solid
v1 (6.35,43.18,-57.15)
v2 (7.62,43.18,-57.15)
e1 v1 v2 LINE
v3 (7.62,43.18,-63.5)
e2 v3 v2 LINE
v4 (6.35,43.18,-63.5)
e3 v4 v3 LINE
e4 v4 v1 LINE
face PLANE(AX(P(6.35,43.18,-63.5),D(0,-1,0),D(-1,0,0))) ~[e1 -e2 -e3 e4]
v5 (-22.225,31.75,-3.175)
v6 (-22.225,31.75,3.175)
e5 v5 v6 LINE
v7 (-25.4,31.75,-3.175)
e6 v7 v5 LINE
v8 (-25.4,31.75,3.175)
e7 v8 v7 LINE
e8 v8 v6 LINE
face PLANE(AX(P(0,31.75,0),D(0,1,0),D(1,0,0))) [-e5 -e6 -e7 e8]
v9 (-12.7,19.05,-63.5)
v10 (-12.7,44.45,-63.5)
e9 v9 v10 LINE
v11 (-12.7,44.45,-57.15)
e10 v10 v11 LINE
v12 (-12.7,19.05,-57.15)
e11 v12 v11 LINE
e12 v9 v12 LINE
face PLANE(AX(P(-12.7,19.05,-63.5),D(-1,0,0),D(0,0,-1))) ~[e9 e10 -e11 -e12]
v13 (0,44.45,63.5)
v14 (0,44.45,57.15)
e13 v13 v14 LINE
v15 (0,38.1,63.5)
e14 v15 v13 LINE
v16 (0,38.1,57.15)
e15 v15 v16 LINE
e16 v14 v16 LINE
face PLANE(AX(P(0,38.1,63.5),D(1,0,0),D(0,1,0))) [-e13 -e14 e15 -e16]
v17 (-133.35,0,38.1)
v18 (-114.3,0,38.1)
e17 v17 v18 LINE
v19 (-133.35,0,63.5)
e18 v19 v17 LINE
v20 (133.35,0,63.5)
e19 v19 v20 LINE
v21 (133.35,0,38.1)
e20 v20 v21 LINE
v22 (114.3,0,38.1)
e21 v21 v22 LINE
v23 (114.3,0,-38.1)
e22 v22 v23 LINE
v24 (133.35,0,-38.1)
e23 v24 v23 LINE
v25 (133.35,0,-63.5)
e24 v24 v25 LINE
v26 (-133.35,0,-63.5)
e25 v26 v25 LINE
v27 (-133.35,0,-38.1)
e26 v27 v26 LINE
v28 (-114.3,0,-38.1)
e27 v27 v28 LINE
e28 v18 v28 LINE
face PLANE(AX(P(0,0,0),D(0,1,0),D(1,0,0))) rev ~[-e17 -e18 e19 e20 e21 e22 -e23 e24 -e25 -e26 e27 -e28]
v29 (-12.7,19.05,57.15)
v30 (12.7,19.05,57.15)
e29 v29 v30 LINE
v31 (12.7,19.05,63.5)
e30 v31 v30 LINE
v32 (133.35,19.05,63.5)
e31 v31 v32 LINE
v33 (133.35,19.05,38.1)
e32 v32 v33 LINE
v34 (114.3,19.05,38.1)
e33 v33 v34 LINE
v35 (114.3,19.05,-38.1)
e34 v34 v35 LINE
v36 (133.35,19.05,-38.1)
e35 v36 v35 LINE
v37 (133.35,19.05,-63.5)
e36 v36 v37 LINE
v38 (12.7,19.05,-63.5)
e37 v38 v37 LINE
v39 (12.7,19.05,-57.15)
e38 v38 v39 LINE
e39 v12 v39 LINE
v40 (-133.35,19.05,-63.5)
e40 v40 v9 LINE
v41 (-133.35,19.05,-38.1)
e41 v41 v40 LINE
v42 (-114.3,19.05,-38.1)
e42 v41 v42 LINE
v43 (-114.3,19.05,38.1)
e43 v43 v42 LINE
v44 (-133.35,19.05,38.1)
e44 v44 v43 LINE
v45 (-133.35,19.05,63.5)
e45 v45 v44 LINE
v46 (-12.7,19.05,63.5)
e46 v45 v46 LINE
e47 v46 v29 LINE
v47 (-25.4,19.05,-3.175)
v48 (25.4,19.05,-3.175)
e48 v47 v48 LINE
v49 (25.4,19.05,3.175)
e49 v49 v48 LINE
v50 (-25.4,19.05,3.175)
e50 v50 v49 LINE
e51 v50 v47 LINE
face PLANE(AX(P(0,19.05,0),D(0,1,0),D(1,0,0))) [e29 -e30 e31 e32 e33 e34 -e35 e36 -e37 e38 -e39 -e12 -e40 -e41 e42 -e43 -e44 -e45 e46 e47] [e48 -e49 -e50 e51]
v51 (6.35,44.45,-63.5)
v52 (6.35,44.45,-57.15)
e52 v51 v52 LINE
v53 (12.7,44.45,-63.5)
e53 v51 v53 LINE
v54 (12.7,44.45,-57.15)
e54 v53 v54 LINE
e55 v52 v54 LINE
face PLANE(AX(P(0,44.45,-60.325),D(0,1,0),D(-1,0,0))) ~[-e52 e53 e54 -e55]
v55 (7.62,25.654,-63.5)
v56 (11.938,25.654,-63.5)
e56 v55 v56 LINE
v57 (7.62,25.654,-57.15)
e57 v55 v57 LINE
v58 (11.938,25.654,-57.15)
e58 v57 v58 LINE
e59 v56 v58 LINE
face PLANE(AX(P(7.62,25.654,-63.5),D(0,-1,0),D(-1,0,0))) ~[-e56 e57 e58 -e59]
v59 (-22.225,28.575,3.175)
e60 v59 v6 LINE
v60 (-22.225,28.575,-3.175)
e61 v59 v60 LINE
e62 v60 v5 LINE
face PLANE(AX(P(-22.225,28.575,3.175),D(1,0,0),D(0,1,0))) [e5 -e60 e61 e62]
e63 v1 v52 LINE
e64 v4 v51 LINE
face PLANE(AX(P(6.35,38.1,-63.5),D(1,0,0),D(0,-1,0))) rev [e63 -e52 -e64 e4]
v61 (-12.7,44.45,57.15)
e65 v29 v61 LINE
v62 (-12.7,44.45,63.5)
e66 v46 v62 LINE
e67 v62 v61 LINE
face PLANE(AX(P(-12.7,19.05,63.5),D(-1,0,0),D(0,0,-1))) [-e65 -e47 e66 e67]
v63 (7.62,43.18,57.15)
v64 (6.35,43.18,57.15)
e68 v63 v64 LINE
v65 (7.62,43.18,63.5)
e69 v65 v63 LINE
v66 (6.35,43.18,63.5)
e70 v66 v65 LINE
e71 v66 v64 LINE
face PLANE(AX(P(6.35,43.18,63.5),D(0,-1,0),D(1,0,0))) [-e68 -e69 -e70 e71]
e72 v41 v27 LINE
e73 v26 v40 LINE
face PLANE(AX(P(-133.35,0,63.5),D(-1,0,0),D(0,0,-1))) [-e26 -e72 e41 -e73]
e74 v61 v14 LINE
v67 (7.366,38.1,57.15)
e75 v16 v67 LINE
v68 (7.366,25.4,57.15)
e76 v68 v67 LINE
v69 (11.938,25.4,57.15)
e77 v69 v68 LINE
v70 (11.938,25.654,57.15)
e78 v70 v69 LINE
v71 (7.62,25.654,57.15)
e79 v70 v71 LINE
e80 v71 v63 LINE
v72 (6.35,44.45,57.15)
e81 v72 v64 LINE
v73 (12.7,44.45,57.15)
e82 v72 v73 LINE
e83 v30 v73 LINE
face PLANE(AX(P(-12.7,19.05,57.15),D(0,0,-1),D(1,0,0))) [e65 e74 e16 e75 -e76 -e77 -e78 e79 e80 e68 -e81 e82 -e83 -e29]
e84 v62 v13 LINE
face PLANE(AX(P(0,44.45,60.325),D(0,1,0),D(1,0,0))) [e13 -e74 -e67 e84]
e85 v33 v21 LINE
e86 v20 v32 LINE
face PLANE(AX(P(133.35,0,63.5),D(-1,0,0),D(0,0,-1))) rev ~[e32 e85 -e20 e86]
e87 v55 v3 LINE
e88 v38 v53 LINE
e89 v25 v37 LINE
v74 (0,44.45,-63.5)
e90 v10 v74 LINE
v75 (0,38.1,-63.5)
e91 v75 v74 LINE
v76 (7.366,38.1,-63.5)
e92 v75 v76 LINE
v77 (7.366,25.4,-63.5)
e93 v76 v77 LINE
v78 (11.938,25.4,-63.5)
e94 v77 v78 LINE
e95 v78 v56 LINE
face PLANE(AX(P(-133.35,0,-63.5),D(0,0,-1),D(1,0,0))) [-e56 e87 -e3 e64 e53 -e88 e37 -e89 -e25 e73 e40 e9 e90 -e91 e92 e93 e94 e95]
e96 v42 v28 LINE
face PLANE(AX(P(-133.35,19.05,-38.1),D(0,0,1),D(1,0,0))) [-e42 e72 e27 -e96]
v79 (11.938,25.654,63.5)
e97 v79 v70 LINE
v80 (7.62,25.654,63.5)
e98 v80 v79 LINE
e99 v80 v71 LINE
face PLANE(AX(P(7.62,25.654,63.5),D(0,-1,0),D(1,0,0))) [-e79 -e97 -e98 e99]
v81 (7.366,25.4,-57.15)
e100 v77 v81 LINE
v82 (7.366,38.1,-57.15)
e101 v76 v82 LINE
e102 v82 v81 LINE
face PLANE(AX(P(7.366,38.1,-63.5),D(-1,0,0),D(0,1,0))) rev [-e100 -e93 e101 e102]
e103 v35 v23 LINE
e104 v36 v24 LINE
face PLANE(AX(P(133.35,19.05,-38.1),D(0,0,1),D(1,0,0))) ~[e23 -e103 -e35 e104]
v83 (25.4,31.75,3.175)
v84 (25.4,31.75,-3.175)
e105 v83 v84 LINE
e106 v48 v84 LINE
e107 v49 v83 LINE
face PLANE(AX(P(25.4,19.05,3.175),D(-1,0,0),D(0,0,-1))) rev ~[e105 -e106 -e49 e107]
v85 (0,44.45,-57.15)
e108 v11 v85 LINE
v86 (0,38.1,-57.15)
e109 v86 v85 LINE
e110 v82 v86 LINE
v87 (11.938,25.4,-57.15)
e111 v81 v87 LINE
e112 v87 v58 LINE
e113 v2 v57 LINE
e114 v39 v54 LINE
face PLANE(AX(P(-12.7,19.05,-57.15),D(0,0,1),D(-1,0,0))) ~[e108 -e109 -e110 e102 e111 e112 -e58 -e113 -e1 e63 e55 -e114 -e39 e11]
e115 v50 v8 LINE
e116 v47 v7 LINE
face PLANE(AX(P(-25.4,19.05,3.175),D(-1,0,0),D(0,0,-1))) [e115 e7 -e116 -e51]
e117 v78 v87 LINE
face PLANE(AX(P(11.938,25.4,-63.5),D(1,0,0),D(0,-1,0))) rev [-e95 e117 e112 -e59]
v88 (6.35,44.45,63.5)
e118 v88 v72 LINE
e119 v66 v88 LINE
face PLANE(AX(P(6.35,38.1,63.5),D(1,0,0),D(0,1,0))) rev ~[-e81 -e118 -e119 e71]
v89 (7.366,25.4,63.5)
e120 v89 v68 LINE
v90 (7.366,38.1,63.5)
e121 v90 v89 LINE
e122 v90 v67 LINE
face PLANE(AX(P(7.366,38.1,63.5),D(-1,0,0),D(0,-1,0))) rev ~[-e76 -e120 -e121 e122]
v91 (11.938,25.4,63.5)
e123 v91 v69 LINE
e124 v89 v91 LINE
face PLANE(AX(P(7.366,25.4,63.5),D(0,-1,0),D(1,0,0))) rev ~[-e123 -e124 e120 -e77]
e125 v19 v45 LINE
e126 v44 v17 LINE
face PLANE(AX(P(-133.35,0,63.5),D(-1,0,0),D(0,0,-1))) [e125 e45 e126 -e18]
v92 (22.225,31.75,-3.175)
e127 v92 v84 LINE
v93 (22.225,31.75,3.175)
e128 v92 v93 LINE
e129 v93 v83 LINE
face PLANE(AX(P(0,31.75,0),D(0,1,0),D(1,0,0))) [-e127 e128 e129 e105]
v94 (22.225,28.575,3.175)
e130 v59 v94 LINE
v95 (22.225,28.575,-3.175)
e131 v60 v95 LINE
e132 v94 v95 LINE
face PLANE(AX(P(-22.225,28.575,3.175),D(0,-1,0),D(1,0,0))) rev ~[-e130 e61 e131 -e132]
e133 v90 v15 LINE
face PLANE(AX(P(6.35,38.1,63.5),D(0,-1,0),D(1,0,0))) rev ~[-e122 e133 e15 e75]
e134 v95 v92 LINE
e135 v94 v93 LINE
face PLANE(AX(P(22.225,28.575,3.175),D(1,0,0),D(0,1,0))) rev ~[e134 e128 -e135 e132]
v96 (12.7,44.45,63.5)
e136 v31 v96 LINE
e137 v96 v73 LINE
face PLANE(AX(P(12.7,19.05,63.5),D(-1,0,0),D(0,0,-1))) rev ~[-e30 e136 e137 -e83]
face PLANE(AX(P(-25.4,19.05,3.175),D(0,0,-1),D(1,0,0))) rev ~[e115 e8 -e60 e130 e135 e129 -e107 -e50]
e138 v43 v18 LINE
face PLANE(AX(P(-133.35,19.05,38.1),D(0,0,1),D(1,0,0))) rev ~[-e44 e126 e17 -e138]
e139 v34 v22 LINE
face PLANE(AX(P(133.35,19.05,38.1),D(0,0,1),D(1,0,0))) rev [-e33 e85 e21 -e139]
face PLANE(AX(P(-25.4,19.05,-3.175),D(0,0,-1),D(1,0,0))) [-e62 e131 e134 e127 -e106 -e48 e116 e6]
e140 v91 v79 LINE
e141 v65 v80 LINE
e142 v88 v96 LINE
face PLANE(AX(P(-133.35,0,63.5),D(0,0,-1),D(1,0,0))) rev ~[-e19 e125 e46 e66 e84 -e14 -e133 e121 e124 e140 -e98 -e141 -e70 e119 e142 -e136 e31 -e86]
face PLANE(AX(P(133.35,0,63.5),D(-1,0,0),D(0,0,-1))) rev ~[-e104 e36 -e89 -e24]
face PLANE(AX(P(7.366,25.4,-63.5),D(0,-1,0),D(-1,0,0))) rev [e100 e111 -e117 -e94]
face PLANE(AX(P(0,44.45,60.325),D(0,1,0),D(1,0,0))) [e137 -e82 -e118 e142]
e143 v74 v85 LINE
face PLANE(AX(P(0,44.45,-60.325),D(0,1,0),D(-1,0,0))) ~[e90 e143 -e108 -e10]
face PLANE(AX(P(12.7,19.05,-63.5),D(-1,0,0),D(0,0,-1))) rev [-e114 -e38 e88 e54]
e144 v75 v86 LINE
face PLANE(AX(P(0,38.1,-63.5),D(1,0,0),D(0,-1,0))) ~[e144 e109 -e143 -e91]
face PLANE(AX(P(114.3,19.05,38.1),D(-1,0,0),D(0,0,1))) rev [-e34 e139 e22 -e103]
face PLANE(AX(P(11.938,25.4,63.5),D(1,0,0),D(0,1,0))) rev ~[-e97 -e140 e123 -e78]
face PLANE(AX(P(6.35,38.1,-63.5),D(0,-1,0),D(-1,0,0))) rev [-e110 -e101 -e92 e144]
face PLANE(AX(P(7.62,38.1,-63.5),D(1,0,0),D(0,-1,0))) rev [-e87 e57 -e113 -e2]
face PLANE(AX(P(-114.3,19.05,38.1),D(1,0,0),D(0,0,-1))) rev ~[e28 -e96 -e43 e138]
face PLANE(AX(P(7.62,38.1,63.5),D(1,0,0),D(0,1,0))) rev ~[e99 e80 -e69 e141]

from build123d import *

# Parameters (mm, degrees)
SKETCH1_W           = 266.7
SKETCH1_H           = 127
BOSS_EXTRUDE1_DEPTH = 19.05
SKETCH2_W           = 19.05
SKETCH2_H           = 76.2
CUT_EXTRUDE1_DEPTH  = 149.920700374
SKETCH3_W           = 25.4
SKETCH3_H           = 6.35
BOSS_EXTRUDE2_DEPTH = 25.4
SKETCH5_W           = 6.35
SKETCH5_H           = 6.35
CUT_EXTRUDE2_DEPTH  = 190.438710405
SKETCH6_W           = 1.27
SKETCH6_H           = 5.08
CUT_EXTRUDE3_DEPTH  = 190.438710405
SKETCH7_W           = 0.254
SKETCH7_H           = 12.446
SKETCH7_W_2         = 4.318
SKETCH7_H_2         = 0.254
CUT_EXTRUDE4_DEPTH  = 190.438710405
SKETCH8_W           = 50.8
SKETCH8_H           = 6.35
BOSS_EXTRUDE3_DEPTH = 12.7
CUT_EXTRUDE5_REACH  = 157.575
SKETCH9_W           = 44.45
SKETCH9_H           = 6.35


with BuildPart() as part:
    # Sketch1 → Boss-Extrude1 (new body)
    with BuildSketch(Plane(origin=(0, 0, 0), x_dir=(1, 0, 0), z_dir=(0, 1, 0))):
        Rectangle(SKETCH1_W, SKETCH1_H)
    extrude(amount=BOSS_EXTRUDE1_DEPTH)

    # Sketch2 → Cut-Extrude1 (cut, through all)
    with BuildSketch(Plane(origin=(0, 19.05, 0), x_dir=(1, 0, 0), z_dir=(0, 1, 0))):
        with Locations((-123.825, 0)):
            Rectangle(SKETCH2_W, SKETCH2_H)
    cut_extrude1 = extrude(amount=-CUT_EXTRUDE1_DEPTH, mode=Mode.SUBTRACT)

    # Mirror1: Cut-Extrude1 across plane
    add(cut_extrude1.mirror(Plane(origin=(0, 0, 0), x_dir=(0, 0, 1), z_dir=(1, 0, 0))), mode=Mode.SUBTRACT)

    # Sketch3 → Boss-Extrude2 (add)
    with BuildSketch(Plane(origin=(0, 19.05, 0), x_dir=(1, 0, 0), z_dir=(0, 1, 0))):
        with Locations((0, -60.325)):
            Rectangle(SKETCH3_W, SKETCH3_H)
    boss_extrude2 = extrude(amount=BOSS_EXTRUDE2_DEPTH)

    # Sketch5 → Cut-Extrude2 (cut, through all)
    with BuildSketch(Plane.XY.offset(63.5)):
        with Locations((3.175, 41.275)):
            Rectangle(SKETCH5_W, SKETCH5_H)
    cut_extrude2 = extrude(amount=-CUT_EXTRUDE2_DEPTH, mode=Mode.SUBTRACT)

    # Sketch6 → Cut-Extrude3 (cut, through all)
    with BuildSketch(Plane.XY.offset(63.5)):
        with Locations((6.985, 40.64)):
            Rectangle(SKETCH6_W, SKETCH6_H)
    cut_extrude3 = extrude(amount=-CUT_EXTRUDE3_DEPTH, mode=Mode.SUBTRACT)

    # Sketch7 → Cut-Extrude4 (cut, through all)
    with BuildSketch(Plane.XY.offset(63.5)):
        with Locations((7.493, 31.877)):
            Rectangle(SKETCH7_W, SKETCH7_H)
        with Locations((9.779, 25.527)):
            Rectangle(SKETCH7_W_2, SKETCH7_H_2)
        with Locations((7.493, 25.527)):
            Rectangle(SKETCH7_W, SKETCH7_H_2)
    cut_extrude4 = extrude(amount=-CUT_EXTRUDE4_DEPTH, mode=Mode.SUBTRACT)

    # Mirror2: Boss-Extrude2, Cut-Extrude2, Cut-Extrude3, Cut-Extrude4 across plane
    add(boss_extrude2.mirror(Plane.XY))
    add(cut_extrude2.mirror(Plane.XY), mode=Mode.SUBTRACT)
    add(cut_extrude3.mirror(Plane.XY), mode=Mode.SUBTRACT)
    add(cut_extrude4.mirror(Plane.XY), mode=Mode.SUBTRACT)

    # Sketch8 → Boss-Extrude3 (add)
    with BuildSketch(Plane(origin=(0, 19.05, 0), x_dir=(1, 0, 0), z_dir=(0, 1, 0))):
        Rectangle(SKETCH8_W, SKETCH8_H)
    extrude(amount=BOSS_EXTRUDE3_DEPTH)

    # Sketch9 → Cut-Extrude5 (cut, up to next)
    with BuildSketch(Plane.XY.offset(3.175), mode=Mode.PRIVATE) as cut_extrude5_sk1:
        with Locations((0, 31.75)):
            Rectangle(SKETCH9_W, SKETCH9_H)
    cut_extrude5_tool1 = extrude(cut_extrude5_sk1.sketch, amount=-CUT_EXTRUDE5_REACH, mode=Mode.PRIVATE) & part.part
    add(cut_extrude5_tool1.solids().sort_by_distance((0, 31.75, 3.175))[0], mode=Mode.SUBTRACT)


solid = part.part
